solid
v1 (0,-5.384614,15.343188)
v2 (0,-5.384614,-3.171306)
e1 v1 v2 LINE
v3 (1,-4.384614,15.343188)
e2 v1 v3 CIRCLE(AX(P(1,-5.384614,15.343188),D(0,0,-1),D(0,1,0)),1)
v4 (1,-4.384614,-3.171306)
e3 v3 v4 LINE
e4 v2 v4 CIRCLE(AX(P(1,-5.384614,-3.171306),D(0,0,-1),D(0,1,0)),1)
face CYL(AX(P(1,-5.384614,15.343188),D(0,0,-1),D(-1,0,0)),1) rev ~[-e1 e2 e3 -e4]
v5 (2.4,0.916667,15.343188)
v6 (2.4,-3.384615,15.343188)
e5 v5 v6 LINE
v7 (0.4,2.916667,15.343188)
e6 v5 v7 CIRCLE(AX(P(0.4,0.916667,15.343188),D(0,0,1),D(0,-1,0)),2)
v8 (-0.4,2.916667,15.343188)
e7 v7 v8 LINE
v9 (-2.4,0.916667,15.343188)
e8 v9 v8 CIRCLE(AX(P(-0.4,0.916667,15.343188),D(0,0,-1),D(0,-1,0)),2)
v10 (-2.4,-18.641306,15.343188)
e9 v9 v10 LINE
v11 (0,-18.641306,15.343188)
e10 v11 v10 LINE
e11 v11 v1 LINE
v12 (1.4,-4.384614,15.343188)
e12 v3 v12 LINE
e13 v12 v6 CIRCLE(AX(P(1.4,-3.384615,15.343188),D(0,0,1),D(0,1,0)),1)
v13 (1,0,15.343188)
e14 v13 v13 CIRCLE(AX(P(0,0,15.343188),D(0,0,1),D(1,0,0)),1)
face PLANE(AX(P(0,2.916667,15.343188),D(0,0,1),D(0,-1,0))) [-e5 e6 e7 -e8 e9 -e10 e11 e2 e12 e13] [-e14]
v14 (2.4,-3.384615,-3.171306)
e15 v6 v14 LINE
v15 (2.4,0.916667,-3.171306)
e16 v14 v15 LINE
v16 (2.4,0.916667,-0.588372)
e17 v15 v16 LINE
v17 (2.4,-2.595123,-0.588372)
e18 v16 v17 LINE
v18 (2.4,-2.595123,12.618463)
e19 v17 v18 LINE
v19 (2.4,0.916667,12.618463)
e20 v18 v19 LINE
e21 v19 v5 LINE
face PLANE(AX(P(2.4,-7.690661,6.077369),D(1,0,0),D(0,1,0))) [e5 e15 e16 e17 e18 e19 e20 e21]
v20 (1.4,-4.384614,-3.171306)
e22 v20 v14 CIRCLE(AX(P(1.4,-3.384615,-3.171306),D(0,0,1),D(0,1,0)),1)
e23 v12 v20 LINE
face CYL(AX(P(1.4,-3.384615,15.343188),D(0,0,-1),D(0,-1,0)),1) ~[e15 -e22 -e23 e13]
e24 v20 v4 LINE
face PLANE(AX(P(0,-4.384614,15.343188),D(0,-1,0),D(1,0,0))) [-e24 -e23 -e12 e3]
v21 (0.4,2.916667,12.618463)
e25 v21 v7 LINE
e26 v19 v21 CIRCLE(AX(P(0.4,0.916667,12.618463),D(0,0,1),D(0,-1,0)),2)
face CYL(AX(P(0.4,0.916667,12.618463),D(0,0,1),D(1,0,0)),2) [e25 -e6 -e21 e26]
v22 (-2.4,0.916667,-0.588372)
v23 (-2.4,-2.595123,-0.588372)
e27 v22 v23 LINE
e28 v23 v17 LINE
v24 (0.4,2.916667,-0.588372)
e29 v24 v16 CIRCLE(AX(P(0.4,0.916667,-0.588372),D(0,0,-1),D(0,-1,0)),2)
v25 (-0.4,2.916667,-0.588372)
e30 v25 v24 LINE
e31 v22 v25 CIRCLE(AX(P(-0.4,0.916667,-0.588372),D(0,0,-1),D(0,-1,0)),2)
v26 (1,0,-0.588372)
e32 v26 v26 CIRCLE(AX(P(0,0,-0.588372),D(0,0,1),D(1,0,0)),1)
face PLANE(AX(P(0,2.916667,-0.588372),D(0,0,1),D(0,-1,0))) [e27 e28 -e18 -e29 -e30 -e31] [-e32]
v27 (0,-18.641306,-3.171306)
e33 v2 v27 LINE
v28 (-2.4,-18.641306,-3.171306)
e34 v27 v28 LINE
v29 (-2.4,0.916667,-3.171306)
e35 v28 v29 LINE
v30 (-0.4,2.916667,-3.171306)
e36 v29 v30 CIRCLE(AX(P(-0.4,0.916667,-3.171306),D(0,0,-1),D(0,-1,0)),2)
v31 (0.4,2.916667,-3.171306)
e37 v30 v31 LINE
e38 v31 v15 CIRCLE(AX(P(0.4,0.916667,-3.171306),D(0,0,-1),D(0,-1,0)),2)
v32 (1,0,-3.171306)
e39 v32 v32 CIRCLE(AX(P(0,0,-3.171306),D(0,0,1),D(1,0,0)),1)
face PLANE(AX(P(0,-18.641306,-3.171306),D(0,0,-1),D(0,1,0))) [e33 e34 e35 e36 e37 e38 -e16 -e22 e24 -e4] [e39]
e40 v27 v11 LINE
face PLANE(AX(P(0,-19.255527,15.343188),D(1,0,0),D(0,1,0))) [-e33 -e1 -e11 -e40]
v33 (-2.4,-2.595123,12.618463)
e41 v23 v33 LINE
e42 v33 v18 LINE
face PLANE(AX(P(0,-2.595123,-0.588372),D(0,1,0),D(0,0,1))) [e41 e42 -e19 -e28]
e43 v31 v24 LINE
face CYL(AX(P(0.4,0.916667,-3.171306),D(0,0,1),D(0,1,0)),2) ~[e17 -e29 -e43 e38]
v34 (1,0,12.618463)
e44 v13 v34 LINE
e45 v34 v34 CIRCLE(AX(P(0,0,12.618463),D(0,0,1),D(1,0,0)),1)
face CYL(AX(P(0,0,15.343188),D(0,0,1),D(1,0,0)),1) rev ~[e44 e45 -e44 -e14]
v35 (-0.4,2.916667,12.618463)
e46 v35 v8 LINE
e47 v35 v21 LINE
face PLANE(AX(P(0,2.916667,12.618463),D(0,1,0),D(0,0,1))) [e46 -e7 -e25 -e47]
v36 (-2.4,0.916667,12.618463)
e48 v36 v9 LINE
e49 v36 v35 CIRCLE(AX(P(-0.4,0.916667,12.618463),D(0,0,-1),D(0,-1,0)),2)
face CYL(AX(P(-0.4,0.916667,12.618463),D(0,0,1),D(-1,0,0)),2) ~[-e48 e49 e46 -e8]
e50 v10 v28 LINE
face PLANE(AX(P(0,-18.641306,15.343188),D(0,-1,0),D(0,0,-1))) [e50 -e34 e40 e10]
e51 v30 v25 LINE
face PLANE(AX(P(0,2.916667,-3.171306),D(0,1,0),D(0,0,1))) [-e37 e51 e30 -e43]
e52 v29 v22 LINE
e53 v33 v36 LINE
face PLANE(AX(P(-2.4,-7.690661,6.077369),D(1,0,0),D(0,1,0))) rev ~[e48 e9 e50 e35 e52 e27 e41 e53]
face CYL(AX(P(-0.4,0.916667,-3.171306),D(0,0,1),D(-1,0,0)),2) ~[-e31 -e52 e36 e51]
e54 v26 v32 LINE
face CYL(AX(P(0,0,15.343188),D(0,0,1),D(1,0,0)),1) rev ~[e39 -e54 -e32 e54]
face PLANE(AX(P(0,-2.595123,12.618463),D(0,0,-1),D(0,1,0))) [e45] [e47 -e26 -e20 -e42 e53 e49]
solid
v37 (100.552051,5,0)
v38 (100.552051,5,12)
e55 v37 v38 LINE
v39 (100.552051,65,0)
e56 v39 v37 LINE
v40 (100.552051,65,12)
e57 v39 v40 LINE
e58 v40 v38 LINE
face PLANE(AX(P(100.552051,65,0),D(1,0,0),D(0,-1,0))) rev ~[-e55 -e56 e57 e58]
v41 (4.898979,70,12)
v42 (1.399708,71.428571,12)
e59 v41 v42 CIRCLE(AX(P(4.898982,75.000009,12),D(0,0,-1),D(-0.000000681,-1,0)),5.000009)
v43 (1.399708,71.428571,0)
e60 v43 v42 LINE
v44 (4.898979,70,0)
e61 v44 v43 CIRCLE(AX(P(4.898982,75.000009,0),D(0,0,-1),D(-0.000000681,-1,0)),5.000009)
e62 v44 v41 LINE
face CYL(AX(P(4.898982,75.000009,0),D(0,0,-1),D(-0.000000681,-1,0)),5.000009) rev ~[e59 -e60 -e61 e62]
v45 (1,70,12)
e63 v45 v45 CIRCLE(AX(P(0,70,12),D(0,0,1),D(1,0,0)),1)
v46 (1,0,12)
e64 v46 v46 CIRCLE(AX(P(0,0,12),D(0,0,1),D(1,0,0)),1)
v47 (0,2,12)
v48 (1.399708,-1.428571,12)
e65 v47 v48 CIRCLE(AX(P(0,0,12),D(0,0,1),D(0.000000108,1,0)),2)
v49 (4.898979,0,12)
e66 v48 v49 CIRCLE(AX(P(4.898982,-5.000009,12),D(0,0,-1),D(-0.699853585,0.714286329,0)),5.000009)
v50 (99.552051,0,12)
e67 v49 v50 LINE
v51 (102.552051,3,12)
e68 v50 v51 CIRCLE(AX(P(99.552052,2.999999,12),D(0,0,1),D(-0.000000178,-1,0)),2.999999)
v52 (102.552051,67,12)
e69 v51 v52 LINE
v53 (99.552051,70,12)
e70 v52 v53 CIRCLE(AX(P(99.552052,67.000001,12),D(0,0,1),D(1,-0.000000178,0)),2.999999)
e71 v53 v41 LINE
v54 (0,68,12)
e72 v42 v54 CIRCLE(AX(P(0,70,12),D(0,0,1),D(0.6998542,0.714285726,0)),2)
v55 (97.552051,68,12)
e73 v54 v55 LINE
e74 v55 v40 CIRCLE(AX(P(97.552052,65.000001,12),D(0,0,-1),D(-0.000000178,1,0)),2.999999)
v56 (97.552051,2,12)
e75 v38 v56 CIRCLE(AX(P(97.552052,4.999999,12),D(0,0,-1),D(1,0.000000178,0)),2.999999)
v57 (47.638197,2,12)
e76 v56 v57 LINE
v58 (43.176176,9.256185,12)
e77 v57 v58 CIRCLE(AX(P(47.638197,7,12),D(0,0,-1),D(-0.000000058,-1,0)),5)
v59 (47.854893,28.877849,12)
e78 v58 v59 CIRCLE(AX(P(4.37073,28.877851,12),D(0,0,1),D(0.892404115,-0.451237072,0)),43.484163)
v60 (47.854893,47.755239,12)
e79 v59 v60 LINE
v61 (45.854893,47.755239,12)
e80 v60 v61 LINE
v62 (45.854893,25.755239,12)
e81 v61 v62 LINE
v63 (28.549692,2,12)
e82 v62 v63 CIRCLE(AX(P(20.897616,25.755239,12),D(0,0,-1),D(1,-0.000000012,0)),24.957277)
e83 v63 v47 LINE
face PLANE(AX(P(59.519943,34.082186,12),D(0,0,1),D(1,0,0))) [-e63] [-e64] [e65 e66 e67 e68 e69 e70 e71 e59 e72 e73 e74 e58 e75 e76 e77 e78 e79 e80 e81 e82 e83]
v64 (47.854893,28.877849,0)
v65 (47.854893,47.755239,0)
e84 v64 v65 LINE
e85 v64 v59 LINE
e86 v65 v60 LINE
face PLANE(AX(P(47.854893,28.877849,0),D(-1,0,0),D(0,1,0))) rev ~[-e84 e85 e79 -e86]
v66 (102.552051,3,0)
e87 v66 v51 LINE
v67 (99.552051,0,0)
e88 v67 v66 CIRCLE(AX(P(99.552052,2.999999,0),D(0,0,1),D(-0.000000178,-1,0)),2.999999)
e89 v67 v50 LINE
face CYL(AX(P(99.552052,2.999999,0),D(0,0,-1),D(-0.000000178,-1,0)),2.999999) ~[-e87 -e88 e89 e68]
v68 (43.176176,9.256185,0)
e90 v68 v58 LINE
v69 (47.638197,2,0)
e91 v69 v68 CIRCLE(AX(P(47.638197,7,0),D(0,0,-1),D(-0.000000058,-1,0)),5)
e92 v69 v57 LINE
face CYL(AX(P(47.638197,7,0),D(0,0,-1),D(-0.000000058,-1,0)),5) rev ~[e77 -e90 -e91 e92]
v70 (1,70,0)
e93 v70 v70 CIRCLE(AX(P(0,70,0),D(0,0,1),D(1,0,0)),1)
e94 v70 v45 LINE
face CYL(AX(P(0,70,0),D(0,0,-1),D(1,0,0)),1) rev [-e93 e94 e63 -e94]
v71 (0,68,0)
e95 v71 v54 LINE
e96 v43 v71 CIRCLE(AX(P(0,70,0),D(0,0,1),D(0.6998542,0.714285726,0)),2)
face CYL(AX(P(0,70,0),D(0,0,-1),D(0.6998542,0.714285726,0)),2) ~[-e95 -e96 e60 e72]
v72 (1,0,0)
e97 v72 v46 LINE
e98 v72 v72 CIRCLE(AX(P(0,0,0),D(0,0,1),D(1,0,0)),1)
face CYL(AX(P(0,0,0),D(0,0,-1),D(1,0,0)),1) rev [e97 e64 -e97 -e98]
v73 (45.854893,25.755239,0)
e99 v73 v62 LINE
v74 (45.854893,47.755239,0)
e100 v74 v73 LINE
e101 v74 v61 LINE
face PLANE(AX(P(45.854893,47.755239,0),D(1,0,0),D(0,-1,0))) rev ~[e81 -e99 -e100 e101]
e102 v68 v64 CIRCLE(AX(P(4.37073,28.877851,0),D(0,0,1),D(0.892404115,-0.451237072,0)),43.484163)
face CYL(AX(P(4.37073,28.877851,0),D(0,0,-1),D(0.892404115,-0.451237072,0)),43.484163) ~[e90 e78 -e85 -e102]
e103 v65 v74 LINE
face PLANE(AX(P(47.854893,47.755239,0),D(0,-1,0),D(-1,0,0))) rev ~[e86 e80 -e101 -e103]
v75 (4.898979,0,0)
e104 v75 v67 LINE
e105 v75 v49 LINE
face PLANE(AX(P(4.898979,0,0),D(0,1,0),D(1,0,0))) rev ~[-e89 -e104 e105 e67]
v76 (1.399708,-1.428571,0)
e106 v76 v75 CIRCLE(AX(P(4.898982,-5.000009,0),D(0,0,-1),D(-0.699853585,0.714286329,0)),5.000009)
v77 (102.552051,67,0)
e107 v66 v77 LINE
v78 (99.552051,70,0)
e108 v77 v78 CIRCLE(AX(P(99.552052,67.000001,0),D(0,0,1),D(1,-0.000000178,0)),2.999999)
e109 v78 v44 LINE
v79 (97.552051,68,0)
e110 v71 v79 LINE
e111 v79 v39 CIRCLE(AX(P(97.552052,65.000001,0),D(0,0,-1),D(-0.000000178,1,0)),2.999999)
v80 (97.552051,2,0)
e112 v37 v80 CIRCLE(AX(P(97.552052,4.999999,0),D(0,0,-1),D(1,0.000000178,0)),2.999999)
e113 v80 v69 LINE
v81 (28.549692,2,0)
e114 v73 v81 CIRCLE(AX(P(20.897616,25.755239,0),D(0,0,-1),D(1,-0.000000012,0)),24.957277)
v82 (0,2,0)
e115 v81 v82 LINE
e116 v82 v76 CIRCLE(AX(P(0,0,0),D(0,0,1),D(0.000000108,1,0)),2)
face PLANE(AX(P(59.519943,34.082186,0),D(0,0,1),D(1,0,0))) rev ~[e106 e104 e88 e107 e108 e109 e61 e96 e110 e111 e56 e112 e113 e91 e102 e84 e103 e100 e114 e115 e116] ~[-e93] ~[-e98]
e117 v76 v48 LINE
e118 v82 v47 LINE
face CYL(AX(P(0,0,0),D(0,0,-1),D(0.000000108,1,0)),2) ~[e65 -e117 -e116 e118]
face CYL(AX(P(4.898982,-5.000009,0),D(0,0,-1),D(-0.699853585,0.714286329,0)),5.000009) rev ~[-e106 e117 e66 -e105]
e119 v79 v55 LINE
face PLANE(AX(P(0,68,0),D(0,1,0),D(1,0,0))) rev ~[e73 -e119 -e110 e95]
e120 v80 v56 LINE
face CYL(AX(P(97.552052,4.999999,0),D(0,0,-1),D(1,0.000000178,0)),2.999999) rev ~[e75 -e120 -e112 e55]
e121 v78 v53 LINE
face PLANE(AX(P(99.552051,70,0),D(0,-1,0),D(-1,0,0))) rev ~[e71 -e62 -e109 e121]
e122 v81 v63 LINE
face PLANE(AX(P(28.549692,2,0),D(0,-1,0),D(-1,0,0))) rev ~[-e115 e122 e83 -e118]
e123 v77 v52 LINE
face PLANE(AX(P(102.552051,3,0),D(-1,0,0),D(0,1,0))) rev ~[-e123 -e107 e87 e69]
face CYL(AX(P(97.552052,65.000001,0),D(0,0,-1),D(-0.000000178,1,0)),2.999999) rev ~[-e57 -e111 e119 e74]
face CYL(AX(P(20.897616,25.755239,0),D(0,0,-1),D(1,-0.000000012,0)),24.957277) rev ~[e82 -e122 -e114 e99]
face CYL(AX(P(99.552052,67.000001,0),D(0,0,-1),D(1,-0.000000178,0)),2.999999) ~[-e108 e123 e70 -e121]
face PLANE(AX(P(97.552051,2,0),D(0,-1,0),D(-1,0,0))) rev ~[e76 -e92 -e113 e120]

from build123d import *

# Parameters (mm, degrees)
F0_R     = 1
F1_DEPTH = 12
F3_DEPTH = 2.4
F4_R     = 1
F5_DEPTH = 25
F6_R     = 2
F7_W     = 2.983586
F7_H     = 14.870913
F8_DEPTH = 25
F9_R     = 1


with BuildPart() as f1:
    # F0 (on Top) → F1 (new body)
    with BuildSketch(Plane.XY):
        with BuildLine():
            Line((28.549692, 2), (0, 2))
            ThreePointArc((0, 2), (-1.85164, -0.755929), (1.399708, -1.428571))
            ThreePointArc((1.399708, -1.428571), (3.009157, -0.3709), (4.898979, 0))
            Line((4.898979, 0), (99.552051, 0))
            ThreePointArc((99.552051, 0), (101.673372, 0.87868), (102.552051, 3))
            Line((102.552051, 3), (102.552051, 67))
            ThreePointArc((102.552051, 67), (101.673372, 69.12132), (99.552051, 70))
            Line((99.552051, 70), (4.898979, 70))
            ThreePointArc((4.898979, 70), (3.009157, 70.3709), (1.399708, 71.428571))
            ThreePointArc((1.399708, 71.428571), (-1.85164, 70.755929), (0, 68))
            Line((0, 68), (97.552051, 68))
            ThreePointArc((97.552051, 68), (99.673372, 67.12132), (100.552051, 65))
            Line((100.552051, 65), (100.552051, 5))
            ThreePointArc((100.552051, 5), (99.673372, 2.87868), (97.552051, 2))
            Line((97.552051, 2), (47.638197, 2))
            ThreePointArc((47.638197, 2), (43.379035, 4.380928), (43.176176, 9.256185))
            ThreePointArc((43.176176, 9.256185), (46.669044, 18.791967), (47.854893, 28.877849))
            Line((47.854893, 28.877849), (47.854893, 47.755239))
            Line((47.854893, 47.755239), (45.854893, 47.755239))
            Line((45.854893, 47.755239), (45.854893, 25.755239))
            ThreePointArc((45.854893, 25.755239), (41.069882, 11.06016), (28.549692, 2))
        make_face()
        Circle(F0_R, mode=Mode.SUBTRACT)
        with Locations((0, 70)):
            Circle(F0_R, mode=Mode.SUBTRACT)
    extrude(amount=F1_DEPTH)


with BuildPart() as f3:
    # F2 (on Right) → F3 (new body, symmetric)
    with BuildSketch(Plane.YZ):
        Polygon((-18.641306, -3.171306), (2.916667, -3.171306), (2.916667, -0.588372), (-2.595123, -0.588372), (-2.595123, 12.618463), (2.916667, 12.618463), (2.916667, 15.343188), (-18.641306, 15.343188), align=None)
    extrude(amount=F3_DEPTH, both=True)

    # F4 (on face) → F5 (cut)
    with BuildSketch(Plane.XY.offset(15.343188)):
        Circle(F4_R)
    extrude(amount=-F5_DEPTH, mode=Mode.SUBTRACT)

    # F6
    f6_edges = [f3.edges().sort_by_distance(p)[0] for p in [
        (-2.4, 2.916667, -1.879839),
        (2.4, 2.916667, -1.879839),
        (-2.4, 2.916667, 13.980825),
        (2.4, 2.916667, 13.980825),
    ]]
    fillet(f6_edges, radius=F6_R)

    # F7 (on face) → F8 (cut)
    with BuildSketch(Plane.XY.offset(15.343188)):
        with Locations((1.491793, -11.820071)):
            Rectangle(F7_W, F7_H)
    extrude(amount=-F8_DEPTH, mode=Mode.SUBTRACT)

    # F9
    f9_edges = [f3.edges().sort_by_distance(p)[0] for p in [
        (2.4, -4.384615, 6.085941),
        (0, -4.384615, 6.085941),
    ]]
    fillet(f9_edges, radius=F9_R)


solid = Compound([f1.part, f3.part])
